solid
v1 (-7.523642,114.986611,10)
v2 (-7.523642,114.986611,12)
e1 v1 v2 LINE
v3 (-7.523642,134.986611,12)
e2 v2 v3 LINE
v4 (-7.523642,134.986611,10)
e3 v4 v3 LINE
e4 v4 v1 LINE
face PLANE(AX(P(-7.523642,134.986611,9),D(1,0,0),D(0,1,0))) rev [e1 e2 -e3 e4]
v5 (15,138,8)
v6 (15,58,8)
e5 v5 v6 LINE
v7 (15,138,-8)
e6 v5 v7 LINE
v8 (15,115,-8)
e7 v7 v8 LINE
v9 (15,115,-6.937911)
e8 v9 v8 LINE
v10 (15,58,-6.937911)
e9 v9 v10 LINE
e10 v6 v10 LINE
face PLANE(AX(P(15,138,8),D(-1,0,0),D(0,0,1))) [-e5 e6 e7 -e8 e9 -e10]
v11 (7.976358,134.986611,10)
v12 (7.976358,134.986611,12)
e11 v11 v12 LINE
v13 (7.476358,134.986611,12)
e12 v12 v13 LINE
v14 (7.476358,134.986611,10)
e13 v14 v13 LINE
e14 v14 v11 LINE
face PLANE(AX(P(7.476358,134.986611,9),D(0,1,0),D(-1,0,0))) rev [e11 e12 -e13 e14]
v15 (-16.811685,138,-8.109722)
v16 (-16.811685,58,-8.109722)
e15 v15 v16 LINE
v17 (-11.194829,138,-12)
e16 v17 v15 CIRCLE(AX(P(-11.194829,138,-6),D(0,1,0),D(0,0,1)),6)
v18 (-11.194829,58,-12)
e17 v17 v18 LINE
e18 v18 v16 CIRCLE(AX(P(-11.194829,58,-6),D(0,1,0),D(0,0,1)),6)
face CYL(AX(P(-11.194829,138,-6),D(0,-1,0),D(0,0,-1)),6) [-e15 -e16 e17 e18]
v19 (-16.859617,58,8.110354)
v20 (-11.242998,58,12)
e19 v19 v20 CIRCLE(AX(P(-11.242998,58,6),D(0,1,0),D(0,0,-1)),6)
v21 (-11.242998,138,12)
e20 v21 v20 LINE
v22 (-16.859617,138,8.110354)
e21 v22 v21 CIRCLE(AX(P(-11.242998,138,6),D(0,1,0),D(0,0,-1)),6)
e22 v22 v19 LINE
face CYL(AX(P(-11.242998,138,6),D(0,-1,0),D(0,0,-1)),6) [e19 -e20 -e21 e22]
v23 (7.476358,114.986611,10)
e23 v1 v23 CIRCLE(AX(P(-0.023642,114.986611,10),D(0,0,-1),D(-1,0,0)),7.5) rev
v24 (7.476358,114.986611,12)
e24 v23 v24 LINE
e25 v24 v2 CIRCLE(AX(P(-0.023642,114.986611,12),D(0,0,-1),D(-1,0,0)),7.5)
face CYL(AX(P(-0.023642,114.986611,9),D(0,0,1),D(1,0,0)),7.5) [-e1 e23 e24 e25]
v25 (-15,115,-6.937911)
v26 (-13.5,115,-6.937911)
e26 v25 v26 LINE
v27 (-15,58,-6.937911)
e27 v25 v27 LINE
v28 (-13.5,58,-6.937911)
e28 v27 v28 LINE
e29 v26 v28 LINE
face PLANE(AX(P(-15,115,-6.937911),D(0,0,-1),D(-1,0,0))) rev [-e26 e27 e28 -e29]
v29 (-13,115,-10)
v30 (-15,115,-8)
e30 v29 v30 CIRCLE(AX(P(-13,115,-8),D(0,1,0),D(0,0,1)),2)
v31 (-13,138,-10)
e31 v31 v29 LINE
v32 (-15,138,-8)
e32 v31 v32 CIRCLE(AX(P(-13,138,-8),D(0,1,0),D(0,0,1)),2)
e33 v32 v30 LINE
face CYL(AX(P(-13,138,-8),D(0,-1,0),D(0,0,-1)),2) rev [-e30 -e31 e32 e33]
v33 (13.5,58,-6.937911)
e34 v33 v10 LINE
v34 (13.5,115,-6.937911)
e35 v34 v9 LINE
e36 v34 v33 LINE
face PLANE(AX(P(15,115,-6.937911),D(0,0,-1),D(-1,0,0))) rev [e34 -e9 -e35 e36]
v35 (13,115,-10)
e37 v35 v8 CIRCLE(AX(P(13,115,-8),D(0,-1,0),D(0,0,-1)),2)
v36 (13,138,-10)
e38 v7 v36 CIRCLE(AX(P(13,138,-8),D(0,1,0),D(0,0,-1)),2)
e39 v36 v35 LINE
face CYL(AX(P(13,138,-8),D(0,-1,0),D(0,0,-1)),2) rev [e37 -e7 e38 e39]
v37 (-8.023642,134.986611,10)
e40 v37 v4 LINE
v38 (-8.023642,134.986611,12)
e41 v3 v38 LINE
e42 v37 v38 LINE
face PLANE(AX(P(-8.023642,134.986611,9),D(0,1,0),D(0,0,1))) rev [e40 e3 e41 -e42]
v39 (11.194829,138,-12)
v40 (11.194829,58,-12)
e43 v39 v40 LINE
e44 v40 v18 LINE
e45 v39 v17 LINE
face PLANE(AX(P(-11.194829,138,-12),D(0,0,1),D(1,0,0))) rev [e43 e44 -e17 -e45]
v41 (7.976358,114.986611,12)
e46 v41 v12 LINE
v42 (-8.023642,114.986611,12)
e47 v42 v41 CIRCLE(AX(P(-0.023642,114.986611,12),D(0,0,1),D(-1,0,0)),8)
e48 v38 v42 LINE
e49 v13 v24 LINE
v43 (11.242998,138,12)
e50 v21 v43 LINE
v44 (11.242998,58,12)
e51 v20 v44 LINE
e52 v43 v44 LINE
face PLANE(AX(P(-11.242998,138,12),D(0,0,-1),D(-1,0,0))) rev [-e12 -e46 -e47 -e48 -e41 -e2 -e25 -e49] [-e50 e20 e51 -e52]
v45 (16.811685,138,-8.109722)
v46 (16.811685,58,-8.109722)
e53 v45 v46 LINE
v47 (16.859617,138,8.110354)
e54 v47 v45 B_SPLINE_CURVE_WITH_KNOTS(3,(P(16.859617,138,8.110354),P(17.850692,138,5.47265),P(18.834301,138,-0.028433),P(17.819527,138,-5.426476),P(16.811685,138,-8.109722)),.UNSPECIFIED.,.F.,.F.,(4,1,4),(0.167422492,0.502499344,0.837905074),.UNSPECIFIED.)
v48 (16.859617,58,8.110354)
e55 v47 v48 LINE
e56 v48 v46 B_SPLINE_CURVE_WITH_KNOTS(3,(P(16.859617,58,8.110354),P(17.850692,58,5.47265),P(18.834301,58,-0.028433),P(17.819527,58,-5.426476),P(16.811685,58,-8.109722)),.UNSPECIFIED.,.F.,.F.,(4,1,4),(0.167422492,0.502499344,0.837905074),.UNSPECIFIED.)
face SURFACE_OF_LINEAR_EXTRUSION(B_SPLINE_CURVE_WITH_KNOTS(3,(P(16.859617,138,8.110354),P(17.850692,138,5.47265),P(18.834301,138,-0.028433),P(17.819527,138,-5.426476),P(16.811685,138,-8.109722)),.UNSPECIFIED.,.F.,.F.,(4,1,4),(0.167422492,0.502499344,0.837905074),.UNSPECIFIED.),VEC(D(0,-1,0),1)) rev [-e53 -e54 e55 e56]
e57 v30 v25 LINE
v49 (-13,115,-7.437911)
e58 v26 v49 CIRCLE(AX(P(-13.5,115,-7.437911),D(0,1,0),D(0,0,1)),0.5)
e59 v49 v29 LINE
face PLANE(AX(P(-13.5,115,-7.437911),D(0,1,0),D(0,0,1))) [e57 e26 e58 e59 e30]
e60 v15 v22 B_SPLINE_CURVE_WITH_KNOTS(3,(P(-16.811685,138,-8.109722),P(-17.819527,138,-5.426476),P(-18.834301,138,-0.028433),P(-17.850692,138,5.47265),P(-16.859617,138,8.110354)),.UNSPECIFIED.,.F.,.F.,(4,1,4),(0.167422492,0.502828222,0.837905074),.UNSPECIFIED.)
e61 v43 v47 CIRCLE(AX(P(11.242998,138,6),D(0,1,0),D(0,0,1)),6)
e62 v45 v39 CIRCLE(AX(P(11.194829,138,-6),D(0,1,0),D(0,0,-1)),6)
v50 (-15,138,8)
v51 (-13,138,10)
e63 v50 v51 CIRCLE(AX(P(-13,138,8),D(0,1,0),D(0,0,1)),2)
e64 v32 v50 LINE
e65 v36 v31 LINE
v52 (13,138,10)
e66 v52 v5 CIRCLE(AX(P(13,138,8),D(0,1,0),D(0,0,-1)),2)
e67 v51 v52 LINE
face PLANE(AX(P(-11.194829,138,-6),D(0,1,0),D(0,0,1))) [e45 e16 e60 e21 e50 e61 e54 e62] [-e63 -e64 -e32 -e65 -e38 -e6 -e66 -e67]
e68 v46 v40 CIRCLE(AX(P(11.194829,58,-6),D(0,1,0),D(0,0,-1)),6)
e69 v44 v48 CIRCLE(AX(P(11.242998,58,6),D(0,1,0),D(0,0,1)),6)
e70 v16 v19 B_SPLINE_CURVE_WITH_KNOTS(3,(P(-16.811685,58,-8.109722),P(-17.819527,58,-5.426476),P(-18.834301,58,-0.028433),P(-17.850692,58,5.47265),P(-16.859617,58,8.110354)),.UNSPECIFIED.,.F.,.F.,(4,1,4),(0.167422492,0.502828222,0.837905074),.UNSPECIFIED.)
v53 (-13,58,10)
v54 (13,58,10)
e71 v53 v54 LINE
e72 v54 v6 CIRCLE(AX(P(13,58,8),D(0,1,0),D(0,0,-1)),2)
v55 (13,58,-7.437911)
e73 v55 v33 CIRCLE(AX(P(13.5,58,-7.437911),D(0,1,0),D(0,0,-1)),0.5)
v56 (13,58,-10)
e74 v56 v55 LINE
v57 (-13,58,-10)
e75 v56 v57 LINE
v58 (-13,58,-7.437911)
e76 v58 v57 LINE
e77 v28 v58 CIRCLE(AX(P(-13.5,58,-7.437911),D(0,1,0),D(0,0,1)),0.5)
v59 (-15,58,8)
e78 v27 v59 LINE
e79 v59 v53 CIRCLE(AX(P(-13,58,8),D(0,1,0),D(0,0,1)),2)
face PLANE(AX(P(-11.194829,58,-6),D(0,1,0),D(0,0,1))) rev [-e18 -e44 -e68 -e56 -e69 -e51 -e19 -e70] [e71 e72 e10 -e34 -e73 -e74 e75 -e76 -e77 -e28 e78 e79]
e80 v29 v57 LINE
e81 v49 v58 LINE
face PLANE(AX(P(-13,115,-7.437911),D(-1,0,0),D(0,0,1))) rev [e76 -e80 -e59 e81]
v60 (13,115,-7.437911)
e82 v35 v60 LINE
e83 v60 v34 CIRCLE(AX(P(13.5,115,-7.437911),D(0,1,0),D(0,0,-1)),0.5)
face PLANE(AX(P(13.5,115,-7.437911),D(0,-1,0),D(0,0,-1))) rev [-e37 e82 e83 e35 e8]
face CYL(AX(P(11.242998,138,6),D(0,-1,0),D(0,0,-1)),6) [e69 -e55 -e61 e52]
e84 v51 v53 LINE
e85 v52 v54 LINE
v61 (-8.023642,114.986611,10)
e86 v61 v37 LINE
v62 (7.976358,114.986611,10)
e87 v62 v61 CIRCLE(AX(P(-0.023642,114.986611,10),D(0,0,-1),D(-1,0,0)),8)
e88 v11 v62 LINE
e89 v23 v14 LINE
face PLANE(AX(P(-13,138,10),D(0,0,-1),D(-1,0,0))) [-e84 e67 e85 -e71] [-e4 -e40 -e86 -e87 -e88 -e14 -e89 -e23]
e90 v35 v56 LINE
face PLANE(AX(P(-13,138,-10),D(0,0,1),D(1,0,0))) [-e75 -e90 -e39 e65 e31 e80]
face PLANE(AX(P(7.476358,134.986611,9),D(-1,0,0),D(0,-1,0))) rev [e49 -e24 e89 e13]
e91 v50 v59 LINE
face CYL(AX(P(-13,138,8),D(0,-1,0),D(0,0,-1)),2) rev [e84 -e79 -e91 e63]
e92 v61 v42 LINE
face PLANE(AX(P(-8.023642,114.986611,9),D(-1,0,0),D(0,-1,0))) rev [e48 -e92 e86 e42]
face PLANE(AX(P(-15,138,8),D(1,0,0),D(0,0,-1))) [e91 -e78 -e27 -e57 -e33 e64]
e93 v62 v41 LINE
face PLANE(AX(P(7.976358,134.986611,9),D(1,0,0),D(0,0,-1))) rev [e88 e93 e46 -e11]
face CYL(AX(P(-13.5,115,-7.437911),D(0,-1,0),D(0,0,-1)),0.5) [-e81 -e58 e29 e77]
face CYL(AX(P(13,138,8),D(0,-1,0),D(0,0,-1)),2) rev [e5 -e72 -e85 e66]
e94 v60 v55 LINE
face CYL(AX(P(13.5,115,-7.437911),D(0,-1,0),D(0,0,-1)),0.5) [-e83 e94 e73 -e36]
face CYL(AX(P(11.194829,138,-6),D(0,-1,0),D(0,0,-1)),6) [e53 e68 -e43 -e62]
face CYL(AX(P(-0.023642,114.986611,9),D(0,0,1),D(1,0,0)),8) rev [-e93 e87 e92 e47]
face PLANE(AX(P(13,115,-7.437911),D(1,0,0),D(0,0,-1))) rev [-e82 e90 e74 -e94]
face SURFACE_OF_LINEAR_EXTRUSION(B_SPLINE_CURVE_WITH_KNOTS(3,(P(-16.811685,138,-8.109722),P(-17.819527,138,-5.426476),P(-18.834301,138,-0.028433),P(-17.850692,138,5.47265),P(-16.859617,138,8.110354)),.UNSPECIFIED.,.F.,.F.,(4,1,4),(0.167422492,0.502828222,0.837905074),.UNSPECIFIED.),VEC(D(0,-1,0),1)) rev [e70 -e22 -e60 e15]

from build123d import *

# Parameters (mm, degrees)
BOSS_EXTRUDE4_DEPTH = 80
BOSS_EXTRUDE5_DEPTH = 57
CUT_EXTRUDE1_DEPTH  = 3


with BuildPart() as part:
    # Sketch8 → Boss-Extrude4 (new body)
    with BuildSketch(Plane(origin=(0, 58, 0), x_dir=(1, 0, 0), z_dir=(0, 1, 0))):
        with BuildLine():
            Line((-11.242998334, -12), (11.242998334, -12))
            ThreePointArc((11.242998334, -12), (14.65898123, -10.932652517), (16.859617211, -8.110353618))
            add(Edge.make_bspline(
                [(16.859617211, -8.110353618), (17.850691543, -5.472650271), (18.834301198, 0.028433299), (17.819526576, 5.426475932), (16.811684839, 8.109721769)],
                knots=[0.167422492, 0.167422492, 0.167422492, 0.167422492, 0.502499344, 0.837905074, 0.837905074, 0.837905074, 0.837905074], degree=3))
            ThreePointArc((16.811684839, 8.109721769), (14.611088933, 10.932460371), (11.194828596, 12))
            Line((11.194828596, 12), (-11.194828596, 12))
            ThreePointArc((-11.194828596, 12), (-14.611088933, 10.932460371), (-16.811684839, 8.109721769))
            add(Edge.make_bspline(
                [(-16.859617211, -8.110353618), (-17.850691543, -5.472650271), (-18.834301198, 0.028433299), (-17.819526576, 5.426475932), (-16.811684839, 8.109721769)],
                knots=[0.167422492, 0.167422492, 0.167422492, 0.167422492, 0.502499344, 0.837905074, 0.837905074, 0.837905074, 0.837905074], degree=3))
            ThreePointArc((-16.859617211, -8.110353618), (-14.65898123, -10.932652517), (-11.242998334, -12))
        make_face()
        with BuildLine():
            Line((-13, -10), (13, -10))
            ThreePointArc((13, -10), (14.414213562, -9.414213562), (15, -8))
            Line((15, -8), (15, 8))
            ThreePointArc((15, 8), (14.414213562, 9.414213562), (13, 10))
            Line((13, 10), (-13, 10))
            ThreePointArc((-13, 10), (-14.414213562, 9.414213562), (-15, 8))
            Line((-15, 8), (-15, -8))
            ThreePointArc((-15, -8), (-14.414213562, -9.414213562), (-13, -10))
        make_face(mode=Mode.SUBTRACT)
    extrude(amount=BOSS_EXTRUDE4_DEPTH)

    # Sketch11 → Boss-Extrude5 (add)
    with BuildSketch(Plane(origin=(0, 58, 0), x_dir=(1, 0, 0), z_dir=(0, 1, 0))):
        with BuildLine():
            Line((13, 10), (15, 10))
            Line((15, 10), (15, 6.937911183))
            Line((15, 6.937911183), (13.5, 6.937911183))
            ThreePointArc((13.5, 6.937911183), (13.146446609, 7.084357793), (13, 7.437911183))
            Line((13, 7.437911183), (13, 10))
        make_face()
        with BuildLine():
            Line((-13, 7.437911183), (-13, 10))
            Line((-13, 10), (-15, 10))
            Line((-15, 10), (-15, 6.937911183))
            Line((-15, 6.937911183), (-13.5, 6.937911183))
            ThreePointArc((-13.5, 6.937911183), (-13.146446609, 7.084357793), (-13, 7.437911183))
        make_face()
    extrude(amount=BOSS_EXTRUDE5_DEPTH)

    # Sketch12 → Cut-Extrude1 (cut)
    with BuildSketch(Plane.XY.offset(12)):
        with BuildLine():
            Line((7.476357736, 134.986611492), (7.476357736, 114.986611492))
            ThreePointArc((7.476357736, 114.986611492), (-0.023642264, 107.486611492), (-7.523642264, 114.986611492))
            Line((-7.523642264, 114.986611492), (-7.523642264, 134.986611492))
            Line((-7.523642264, 134.986611492), (-8.023642264, 134.986611492))
            Line((-8.023642264, 134.986611492), (-8.023642264, 114.986611492))
            ThreePointArc((-8.023642264, 114.986611492), (-0.023642264, 106.986611492), (7.976357736, 114.986611492))
            Line((7.976357736, 114.986611492), (7.976357736, 134.986611492))
            Line((7.976357736, 134.986611492), (7.476357736, 134.986611492))
        make_face()
    extrude(amount=-CUT_EXTRUDE1_DEPTH, mode=Mode.SUBTRACT)


solid = part.part
